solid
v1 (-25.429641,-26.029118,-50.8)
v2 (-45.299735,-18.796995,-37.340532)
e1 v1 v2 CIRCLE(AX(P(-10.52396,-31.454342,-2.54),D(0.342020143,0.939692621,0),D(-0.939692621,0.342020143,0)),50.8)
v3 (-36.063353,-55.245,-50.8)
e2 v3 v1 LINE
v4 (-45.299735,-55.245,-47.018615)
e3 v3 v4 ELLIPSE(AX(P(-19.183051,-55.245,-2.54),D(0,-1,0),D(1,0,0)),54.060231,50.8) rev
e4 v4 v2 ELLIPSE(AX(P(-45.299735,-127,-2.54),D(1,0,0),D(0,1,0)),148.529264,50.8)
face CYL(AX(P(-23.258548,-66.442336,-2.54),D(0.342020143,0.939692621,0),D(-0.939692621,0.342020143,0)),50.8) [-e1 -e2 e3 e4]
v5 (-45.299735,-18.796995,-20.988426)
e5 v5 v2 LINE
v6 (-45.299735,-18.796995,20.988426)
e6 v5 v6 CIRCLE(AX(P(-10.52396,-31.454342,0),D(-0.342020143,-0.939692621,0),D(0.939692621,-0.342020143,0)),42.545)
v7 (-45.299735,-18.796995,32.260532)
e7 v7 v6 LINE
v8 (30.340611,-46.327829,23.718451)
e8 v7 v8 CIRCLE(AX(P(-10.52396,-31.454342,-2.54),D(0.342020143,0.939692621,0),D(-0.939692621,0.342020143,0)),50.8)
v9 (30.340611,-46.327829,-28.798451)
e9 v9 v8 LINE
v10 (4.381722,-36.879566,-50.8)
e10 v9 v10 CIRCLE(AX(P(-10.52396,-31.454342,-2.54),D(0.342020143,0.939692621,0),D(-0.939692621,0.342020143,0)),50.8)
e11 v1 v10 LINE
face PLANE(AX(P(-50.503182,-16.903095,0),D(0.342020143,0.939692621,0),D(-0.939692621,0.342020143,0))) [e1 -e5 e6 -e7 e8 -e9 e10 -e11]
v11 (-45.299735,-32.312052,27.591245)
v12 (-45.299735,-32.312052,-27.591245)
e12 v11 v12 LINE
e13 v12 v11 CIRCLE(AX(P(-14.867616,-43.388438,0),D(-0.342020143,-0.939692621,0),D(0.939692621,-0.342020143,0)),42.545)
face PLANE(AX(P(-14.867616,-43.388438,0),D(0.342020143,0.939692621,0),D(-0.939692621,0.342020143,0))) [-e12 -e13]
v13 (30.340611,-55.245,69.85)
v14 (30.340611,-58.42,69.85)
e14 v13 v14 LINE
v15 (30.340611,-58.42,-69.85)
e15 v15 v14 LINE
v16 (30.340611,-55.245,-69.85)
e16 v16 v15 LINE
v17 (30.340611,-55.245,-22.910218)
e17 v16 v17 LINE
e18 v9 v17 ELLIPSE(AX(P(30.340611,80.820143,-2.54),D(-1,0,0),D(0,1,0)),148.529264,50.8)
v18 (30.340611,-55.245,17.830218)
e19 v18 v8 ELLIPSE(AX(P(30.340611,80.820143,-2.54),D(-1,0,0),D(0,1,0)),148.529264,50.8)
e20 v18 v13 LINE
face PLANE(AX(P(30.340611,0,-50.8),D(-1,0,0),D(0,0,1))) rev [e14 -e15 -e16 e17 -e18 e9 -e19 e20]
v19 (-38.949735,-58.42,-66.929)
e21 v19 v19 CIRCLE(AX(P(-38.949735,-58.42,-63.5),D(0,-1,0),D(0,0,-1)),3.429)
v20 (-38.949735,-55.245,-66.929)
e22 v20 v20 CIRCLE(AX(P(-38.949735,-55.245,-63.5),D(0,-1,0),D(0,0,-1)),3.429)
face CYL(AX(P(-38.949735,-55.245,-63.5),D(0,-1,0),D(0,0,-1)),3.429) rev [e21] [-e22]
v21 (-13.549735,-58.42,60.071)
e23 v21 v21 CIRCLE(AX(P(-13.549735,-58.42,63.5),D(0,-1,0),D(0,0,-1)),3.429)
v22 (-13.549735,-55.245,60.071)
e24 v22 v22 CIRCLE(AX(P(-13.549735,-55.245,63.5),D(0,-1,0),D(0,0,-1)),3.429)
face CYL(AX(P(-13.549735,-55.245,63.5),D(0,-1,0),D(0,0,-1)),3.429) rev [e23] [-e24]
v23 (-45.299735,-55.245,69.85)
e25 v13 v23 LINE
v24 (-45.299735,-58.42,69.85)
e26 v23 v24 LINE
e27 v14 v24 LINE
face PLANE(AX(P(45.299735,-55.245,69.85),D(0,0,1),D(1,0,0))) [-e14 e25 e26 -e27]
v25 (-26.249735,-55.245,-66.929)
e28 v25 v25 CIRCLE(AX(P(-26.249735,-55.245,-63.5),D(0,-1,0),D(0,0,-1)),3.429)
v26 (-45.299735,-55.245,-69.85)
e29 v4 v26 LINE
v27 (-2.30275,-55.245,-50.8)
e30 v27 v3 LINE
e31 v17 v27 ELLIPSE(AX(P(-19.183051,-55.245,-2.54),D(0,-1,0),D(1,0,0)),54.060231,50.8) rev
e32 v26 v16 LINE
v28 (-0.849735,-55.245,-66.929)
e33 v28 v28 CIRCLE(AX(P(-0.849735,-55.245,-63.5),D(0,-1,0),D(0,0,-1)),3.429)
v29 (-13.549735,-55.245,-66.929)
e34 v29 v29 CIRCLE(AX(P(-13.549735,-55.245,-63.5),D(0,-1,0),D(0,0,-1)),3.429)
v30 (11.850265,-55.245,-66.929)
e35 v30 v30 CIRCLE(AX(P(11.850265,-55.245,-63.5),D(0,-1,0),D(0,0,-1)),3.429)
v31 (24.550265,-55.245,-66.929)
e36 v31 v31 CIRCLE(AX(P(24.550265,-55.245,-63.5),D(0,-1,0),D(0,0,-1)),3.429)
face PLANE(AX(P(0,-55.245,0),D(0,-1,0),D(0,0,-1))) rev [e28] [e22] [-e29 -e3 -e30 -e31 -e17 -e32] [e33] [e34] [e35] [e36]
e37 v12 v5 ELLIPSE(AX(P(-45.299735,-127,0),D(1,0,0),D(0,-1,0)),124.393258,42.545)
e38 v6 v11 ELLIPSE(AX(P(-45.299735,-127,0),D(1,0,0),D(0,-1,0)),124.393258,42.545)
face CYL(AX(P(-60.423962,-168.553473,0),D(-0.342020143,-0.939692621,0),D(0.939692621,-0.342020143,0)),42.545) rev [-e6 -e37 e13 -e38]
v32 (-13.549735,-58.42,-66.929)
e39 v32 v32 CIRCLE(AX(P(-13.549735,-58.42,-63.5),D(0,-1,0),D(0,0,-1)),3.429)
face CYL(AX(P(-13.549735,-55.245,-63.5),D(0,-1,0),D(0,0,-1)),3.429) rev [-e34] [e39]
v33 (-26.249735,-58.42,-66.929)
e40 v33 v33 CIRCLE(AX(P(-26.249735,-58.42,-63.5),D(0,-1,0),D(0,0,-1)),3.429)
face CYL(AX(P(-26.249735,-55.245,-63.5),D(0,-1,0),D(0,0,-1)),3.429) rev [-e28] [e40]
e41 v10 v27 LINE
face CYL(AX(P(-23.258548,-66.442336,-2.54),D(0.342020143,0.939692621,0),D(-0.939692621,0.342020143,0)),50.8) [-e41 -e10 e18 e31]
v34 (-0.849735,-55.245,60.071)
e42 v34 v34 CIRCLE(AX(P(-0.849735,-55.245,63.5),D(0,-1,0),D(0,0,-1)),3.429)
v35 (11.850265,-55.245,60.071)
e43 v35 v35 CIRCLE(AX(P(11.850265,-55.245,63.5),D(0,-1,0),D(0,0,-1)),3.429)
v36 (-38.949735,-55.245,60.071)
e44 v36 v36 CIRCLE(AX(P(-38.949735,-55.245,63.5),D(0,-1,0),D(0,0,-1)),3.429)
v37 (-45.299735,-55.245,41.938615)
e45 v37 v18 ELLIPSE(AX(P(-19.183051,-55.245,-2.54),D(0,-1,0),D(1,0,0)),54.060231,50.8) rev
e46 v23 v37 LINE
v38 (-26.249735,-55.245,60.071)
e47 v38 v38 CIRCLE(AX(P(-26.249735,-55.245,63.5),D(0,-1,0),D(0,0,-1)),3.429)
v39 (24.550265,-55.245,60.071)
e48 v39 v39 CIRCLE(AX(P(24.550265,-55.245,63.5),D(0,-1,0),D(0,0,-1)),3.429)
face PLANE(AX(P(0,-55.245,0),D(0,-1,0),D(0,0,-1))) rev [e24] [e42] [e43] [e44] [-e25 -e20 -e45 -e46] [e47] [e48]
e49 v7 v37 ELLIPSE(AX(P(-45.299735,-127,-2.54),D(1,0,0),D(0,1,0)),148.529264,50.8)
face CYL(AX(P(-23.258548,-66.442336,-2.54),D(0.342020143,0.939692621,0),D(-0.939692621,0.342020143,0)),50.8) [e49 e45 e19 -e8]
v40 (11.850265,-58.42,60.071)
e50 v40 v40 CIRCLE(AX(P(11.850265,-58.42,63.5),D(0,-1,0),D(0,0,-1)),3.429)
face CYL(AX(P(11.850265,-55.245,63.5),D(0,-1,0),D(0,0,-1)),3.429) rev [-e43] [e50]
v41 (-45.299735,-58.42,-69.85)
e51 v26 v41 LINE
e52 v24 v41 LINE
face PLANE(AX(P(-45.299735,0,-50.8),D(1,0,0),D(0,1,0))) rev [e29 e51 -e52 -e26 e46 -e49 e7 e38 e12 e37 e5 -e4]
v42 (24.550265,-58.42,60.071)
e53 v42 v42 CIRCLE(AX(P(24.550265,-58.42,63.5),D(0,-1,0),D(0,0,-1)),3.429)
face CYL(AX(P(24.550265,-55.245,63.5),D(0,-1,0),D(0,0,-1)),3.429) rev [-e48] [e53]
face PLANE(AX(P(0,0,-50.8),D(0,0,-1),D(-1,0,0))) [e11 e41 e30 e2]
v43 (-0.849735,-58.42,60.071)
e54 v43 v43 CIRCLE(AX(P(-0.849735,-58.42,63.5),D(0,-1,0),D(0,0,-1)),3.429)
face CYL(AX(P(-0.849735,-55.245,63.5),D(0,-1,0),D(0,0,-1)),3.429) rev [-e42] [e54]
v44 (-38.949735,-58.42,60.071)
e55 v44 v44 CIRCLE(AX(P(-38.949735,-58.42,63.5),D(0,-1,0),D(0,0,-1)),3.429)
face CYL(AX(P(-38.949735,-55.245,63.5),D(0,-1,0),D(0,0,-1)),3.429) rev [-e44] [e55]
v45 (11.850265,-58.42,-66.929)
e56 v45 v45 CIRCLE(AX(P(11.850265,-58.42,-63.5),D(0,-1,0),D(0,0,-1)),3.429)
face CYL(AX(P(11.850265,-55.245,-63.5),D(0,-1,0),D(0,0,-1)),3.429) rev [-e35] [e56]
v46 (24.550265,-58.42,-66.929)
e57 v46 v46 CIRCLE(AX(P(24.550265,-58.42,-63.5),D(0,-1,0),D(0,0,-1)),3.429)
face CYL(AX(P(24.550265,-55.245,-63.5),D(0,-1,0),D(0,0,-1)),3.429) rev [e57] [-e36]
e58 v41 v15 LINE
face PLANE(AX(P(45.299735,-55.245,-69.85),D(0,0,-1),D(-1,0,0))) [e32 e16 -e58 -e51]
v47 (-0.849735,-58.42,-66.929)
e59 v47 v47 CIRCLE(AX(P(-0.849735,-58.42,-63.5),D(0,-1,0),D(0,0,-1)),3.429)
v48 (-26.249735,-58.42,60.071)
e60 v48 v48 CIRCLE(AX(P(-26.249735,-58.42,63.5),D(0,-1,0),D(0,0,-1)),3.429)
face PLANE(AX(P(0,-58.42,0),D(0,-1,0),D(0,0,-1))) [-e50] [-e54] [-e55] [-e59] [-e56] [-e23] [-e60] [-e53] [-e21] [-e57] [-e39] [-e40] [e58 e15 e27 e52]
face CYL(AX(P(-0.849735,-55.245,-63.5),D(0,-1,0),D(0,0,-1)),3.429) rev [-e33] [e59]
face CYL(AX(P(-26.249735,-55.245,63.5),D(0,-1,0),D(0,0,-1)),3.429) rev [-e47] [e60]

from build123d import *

# Parameters (mm, degrees)
SKETCH1_W                = 228.6
SKETCH1_H                = 127
BOSS_EXTRUDE1_DEPTH      = 50.8
CUT_EXTRUDE24_DEPTH      = 196.514014843
CUT_EXTRUDE24_DEPTH_BACK = 196.514014843
SKETCH30_W               = 94.400264643
SKETCH30_H               = 127
SKETCH30_W_2             = 58.559389051
SKETCH31_W               = 75.640346306
SKETCH31_H               = 101.6
CUT_EXTRUDE25_DEPTH      = 68.58
CUT_EXTRUDE26_DEPTH      = 73.726300143
CUT_EXTRUDE26_DEPTH_BACK = 73.726300143
SKETCH32_OUTSIDE_W       = 113.175
SKETCH32_OUTSIDE_H       = 130.144
SKETCH32_OUTSIDE_R       = 50.8
SKETCH34_W               = 90.599470714
SKETCH34_H               = 139.7
SKETCH34_R               = 3.429
BOSS_EXTRUDE2_DEPTH      = 3.175
CUT_EXTRUDE28_DEPTH      = 91.882042278
CUT_EXTRUDE28_DEPTH_BACK = 91.882042278


with BuildPart() as part:
    # Sketch1 → Boss-Extrude1 (new, symmetric)
    with BuildSketch(Plane.XY):
        with Locations((-25.4, -63.5)):
            Rectangle(SKETCH1_W, SKETCH1_H)
    extrude(amount=BOSS_EXTRUDE1_DEPTH, both=True)

    # Sketch2 → Cut-Revolve1 (revolve, cut)
    with BuildSketch(Plane.XY, mode=Mode.PRIVATE) as cut_revolve1_sk:
        Polygon((-50.503182361, -16.903094944), (-105.996730082, 3.29490462), (-55.183426739, 142.903308162), (40.289343532, 108.1540616), (0, -2.54), (-14.86761563, -43.388438226), (-54.846838182, -28.837191228), align=None)
    revolve(cut_revolve1_sk.sketch.rotate(Axis((-60.4239625, -168.553472561, 0), (0.3420201433256656, 0.9396926207859095, 0)), 180), axis=Axis((-60.4239625, -168.553472561, 0), (0.3420201433256656, 0.9396926207859095, 0)), mode=Mode.SUBTRACT)

    # Sketch30 → Cut-Extrude24 (cut, two sides: drawn at the far end of the back side and taken through both)
    with BuildSketch(Plane.XY.offset(-CUT_EXTRUDE24_DEPTH_BACK)):
        with Locations((-92.499867679, -63.5)):
            Rectangle(SKETCH30_W, SKETCH30_H)
        with Locations((59.620305475, -63.5)):
            Rectangle(SKETCH30_W_2, SKETCH30_H)
    extrude(amount=CUT_EXTRUDE24_DEPTH + CUT_EXTRUDE24_DEPTH_BACK, mode=Mode.SUBTRACT)

    # Sketch31 → Cut-Extrude25 (cut)
    with BuildSketch(Plane.XZ.offset(127)):
        with Locations((-7.479562204, 0)):
            Rectangle(SKETCH31_W, SKETCH31_H)
    extrude(amount=-CUT_EXTRUDE25_DEPTH, mode=Mode.SUBTRACT)

    # Sketch32 outside → Cut-Extrude26 (cut, two sides: drawn at the far end of the back side and taken through both)
    with BuildSketch(Plane(origin=(-15.683955895, -43.091314668, 0), x_dir=(0.9396926207859096, -0.3420201433256657, 0), z_dir=(0.3420201433256657, 0.9396926207859096, 0)).offset(-CUT_EXTRUDE26_DEPTH_BACK)):
        with Locations((6.1765, 0)):
            Rectangle(SKETCH32_OUTSIDE_W, SKETCH32_OUTSIDE_H)
        with Locations((0.868731164, 2.54)):
            Circle(SKETCH32_OUTSIDE_R, mode=Mode.SUBTRACT)
    extrude(amount=CUT_EXTRUDE26_DEPTH + CUT_EXTRUDE26_DEPTH_BACK, mode=Mode.SUBTRACT)

    # Sketch34 → Boss-Extrude2 (add)
    with BuildSketch(Plane.XZ.offset(58.42)):
        Rectangle(SKETCH34_W, SKETCH34_H)
        with Locations(Location((-38.949735357, 63.5, 0), (0, 0, 270))):
            Circle(SKETCH34_R, mode=Mode.SUBTRACT)
        with Locations(Location((-26.249735357, 63.5, 0), (0, 0, 270))):
            Circle(SKETCH34_R, mode=Mode.SUBTRACT)
        with Locations(Location((-13.549735357, 63.5, 0), (0, 0, 270))):
            Circle(SKETCH34_R, mode=Mode.SUBTRACT)
        with Locations(Location((-0.849735357, 63.5, 0), (0, 0, 270))):
            Circle(SKETCH34_R, mode=Mode.SUBTRACT)
        with Locations(Location((11.850264643, 63.5, 0), (0, 0, 270))):
            Circle(SKETCH34_R, mode=Mode.SUBTRACT)
        with Locations(Location((24.550264643, 63.5, 0), (0, 0, 270))):
            Circle(SKETCH34_R, mode=Mode.SUBTRACT)
        with Locations(Location((-26.249735357, -63.5, 0), (0, 0, 270))):
            Circle(SKETCH34_R, mode=Mode.SUBTRACT)
        with Locations(Location((-13.549735357, -63.5, 0), (0, 0, 270))):
            Circle(SKETCH34_R, mode=Mode.SUBTRACT)
        with Locations(Location((-0.849735357, -63.5, 0), (0, 0, 270))):
            Circle(SKETCH34_R, mode=Mode.SUBTRACT)
        with Locations(Location((11.850264643, -63.5, 0), (0, 0, 270))):
            Circle(SKETCH34_R, mode=Mode.SUBTRACT)
        with Locations(Location((24.550264643, -63.5, 0), (0, 0, 270))):
            Circle(SKETCH34_R, mode=Mode.SUBTRACT)
        with Locations(Location((-38.949735357, -63.5, 0), (0, 0, 270))):
            Circle(SKETCH34_R, mode=Mode.SUBTRACT)
        Polygon((8.18326415, 23.631227188), (17.570519416, 30.368097404), (24.550264643, 23.631227188), (27.611749682, 8.577894095), (26.081007163, -20.911612947), (15.410103284, -35.988916053), (9.99990449, -28.4502645), align=None, mode=Mode.SUBTRACT)
    extrude(amount=-BOSS_EXTRUDE2_DEPTH)

    # Sketch35 → Cut-Extrude28 (cut, two sides: drawn at the far end of the back side and taken through both)
    with BuildSketch(Plane(origin=(0, -55.245, 0), x_dir=(1, 0, 0), z_dir=(0, 1, 0)).offset(-CUT_EXTRUDE28_DEPTH_BACK)):
        Polygon((30.340610949, 28.79845063), (30.340610949, 69.85), (45.299735357, 69.85), (45.299735357, -69.85), (30.340610949, -69.85), align=None)
    extrude(amount=CUT_EXTRUDE28_DEPTH + CUT_EXTRUDE28_DEPTH_BACK, mode=Mode.SUBTRACT)


solid = part.part
